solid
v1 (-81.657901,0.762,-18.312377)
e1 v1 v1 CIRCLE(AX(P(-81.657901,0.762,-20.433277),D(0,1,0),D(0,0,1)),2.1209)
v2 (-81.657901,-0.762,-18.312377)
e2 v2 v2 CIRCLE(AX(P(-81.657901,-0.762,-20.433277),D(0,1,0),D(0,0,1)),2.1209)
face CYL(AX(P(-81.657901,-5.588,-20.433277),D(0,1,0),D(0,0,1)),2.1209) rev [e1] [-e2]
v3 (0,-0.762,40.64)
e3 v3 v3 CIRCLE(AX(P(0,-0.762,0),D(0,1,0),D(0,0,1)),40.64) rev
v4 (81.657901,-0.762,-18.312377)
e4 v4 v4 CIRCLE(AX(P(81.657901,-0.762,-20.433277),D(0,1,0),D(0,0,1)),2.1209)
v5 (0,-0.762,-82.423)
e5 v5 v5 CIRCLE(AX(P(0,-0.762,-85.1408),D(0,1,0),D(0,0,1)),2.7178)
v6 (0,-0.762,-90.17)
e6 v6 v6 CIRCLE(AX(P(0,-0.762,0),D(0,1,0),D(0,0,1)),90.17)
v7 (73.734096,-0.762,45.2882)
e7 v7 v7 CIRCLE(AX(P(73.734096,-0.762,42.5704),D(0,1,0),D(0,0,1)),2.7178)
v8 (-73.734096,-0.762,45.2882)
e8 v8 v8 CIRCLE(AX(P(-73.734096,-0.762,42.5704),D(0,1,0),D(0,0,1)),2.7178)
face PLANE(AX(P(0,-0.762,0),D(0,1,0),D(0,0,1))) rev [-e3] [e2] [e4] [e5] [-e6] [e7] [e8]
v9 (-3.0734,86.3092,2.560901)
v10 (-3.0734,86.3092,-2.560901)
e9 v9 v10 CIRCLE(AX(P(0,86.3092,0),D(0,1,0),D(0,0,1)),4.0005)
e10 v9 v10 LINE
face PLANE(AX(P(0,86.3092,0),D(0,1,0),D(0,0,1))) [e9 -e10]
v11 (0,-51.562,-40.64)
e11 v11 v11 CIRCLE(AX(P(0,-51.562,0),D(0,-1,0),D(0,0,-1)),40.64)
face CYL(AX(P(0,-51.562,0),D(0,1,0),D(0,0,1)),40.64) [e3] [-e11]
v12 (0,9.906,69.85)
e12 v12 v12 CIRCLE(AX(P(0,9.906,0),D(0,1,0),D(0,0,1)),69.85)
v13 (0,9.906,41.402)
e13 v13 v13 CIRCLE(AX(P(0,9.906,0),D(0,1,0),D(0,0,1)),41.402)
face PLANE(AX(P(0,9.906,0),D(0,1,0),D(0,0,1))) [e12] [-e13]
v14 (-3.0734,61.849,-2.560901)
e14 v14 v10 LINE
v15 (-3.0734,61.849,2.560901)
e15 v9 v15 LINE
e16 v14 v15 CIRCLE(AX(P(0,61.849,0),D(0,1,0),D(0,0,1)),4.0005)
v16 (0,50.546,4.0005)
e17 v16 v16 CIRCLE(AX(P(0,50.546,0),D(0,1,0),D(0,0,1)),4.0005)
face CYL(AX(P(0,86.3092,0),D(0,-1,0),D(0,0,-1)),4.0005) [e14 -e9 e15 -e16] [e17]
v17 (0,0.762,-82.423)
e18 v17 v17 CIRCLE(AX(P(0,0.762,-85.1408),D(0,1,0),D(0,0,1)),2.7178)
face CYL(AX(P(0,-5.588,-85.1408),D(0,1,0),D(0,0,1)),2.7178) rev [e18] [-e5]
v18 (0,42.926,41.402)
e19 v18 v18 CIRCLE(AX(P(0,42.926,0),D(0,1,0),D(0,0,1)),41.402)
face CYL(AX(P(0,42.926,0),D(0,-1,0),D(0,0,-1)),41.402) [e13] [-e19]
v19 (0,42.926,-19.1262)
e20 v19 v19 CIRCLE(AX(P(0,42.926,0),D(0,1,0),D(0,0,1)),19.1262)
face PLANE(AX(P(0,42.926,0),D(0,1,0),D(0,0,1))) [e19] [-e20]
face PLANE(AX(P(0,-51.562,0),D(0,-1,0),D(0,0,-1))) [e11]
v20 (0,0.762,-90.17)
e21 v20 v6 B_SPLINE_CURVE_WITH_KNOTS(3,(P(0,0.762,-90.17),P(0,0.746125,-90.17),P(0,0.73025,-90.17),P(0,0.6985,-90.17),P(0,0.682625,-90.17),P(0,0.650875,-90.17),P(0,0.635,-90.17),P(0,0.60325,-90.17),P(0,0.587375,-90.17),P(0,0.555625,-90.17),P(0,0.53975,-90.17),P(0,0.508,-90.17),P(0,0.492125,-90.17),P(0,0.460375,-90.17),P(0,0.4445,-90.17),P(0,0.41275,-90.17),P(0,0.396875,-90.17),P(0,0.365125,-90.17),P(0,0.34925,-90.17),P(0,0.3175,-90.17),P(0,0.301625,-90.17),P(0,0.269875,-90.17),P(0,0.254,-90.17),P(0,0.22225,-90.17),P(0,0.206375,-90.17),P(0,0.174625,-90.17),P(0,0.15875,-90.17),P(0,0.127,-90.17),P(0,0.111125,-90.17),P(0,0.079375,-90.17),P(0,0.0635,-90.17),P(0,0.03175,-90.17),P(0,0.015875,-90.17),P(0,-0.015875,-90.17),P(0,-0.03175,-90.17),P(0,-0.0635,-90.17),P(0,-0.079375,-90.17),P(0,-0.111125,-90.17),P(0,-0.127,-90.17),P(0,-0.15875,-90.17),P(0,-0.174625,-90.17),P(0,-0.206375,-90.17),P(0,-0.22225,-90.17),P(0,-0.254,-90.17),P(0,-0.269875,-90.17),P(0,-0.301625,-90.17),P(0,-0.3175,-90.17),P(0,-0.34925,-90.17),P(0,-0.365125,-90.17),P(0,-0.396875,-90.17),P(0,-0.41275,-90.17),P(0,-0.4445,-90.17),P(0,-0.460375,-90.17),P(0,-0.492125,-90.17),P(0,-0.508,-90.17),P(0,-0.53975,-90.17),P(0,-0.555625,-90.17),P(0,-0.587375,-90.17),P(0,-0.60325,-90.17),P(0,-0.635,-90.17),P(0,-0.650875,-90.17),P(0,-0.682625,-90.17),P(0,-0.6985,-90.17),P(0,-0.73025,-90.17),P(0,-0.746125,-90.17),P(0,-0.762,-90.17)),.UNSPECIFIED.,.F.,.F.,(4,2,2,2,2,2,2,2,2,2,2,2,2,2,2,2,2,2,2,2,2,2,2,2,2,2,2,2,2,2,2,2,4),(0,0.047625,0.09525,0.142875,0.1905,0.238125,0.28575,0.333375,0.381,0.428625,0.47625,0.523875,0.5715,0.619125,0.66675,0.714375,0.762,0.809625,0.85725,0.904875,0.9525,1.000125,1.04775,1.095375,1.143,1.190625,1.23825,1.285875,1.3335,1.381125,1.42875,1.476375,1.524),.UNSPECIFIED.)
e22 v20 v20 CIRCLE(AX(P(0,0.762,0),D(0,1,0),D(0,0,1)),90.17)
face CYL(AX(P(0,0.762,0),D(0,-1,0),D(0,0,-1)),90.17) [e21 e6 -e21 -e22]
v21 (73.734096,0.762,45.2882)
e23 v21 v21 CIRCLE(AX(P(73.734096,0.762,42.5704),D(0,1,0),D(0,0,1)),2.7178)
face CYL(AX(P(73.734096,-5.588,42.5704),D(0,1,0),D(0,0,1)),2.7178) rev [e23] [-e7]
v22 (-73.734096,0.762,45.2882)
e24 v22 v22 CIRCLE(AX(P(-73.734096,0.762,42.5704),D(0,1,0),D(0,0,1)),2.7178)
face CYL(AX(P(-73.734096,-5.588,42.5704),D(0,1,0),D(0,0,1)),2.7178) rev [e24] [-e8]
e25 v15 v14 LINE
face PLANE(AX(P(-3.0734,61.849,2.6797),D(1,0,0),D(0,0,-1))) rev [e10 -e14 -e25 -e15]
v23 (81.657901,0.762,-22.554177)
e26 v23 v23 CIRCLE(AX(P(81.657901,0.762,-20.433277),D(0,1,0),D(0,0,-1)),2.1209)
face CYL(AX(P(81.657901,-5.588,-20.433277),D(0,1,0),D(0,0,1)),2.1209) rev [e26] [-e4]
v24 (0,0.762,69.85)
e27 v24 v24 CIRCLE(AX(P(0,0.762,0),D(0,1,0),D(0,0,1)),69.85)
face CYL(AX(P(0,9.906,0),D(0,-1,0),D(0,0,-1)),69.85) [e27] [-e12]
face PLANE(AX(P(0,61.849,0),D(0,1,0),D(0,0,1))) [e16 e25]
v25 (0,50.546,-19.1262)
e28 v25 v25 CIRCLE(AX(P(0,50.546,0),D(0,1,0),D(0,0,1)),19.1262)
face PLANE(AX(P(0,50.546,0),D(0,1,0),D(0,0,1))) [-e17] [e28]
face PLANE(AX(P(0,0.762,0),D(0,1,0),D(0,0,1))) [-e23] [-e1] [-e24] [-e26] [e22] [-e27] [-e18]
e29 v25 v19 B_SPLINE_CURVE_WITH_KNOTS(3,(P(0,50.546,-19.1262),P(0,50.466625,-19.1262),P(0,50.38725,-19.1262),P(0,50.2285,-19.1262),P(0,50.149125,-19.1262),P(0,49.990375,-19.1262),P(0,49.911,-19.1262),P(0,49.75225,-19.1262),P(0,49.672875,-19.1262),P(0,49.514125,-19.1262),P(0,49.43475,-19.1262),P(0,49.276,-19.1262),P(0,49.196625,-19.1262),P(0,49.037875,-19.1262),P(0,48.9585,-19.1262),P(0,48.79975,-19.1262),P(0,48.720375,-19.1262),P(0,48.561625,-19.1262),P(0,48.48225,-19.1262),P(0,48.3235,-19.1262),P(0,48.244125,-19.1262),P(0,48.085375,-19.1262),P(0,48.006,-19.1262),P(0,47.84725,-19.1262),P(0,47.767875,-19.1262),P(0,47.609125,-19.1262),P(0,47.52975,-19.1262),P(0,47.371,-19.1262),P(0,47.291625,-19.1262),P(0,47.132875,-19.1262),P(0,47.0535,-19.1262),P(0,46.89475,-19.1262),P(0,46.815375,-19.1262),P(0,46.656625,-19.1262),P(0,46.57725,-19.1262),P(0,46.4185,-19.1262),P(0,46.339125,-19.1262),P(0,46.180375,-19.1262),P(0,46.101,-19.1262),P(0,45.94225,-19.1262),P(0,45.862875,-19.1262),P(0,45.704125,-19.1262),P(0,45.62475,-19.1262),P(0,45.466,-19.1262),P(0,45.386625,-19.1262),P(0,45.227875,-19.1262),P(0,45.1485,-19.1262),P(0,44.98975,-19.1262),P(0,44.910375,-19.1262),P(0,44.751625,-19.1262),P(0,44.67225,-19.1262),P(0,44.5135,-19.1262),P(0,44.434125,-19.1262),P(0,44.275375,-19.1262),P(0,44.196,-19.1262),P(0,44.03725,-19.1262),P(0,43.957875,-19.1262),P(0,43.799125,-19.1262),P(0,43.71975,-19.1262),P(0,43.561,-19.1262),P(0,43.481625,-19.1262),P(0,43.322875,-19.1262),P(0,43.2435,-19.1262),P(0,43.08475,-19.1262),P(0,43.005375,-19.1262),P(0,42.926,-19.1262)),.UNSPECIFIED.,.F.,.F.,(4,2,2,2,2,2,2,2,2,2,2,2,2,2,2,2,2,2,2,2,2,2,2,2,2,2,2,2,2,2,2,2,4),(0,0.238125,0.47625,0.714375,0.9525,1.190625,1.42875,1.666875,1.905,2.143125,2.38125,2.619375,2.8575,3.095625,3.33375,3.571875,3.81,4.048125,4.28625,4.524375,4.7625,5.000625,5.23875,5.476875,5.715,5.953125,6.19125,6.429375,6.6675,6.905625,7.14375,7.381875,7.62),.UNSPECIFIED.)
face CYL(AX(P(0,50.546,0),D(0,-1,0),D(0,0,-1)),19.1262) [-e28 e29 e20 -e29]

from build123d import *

# Parameters (mm, degrees)
SKETCH1_R           = 90.17
BOSS_EXTRUDE1_DEPTH = 0.762
SKETCH2_R           = 69.85
BOSS_EXTRUDE2_DEPTH = 9.144
SKETCH3_R           = 41.402
BOSS_EXTRUDE3_DEPTH = 33.02
SKETCH4_R           = 19.1262
BOSS_EXTRUDE4_DEPTH = 7.62
SKETCH5_R           = 4.0005
BOSS_EXTRUDE5_DEPTH = 35.7632
CUT_EXTRUDE1_DEPTH  = 24.4602
SKETCH7_R           = 2.7178
CUT_EXTRUDE2_DEPTH  = 6.35
SKETCH8_R           = 2.1209
CUT_EXTRUDE3_DEPTH  = 6.35
SKETCH9_R           = 40.64
BOSS_EXTRUDE6_DEPTH = 50.8


with BuildPart() as part:
    # Sketch1 → Boss-Extrude1 (new, symmetric)
    with BuildSketch(Plane(origin=(0, 0, 0), x_dir=(1, 0, 0), z_dir=(0, 1, 0))):
        with Locations(Location((0, 0, 0), (0, 0, 90))):
            Circle(SKETCH1_R)
    extrude(amount=BOSS_EXTRUDE1_DEPTH, both=True)

    # Sketch2 → Boss-Extrude2 (add)
    with BuildSketch(Plane(origin=(0, 0.762, 0), x_dir=(1, 0, 0), z_dir=(0, 1, 0))):
        with Locations(Location((0, 0, 0), (0, 0, 270))):
            Circle(SKETCH2_R)
    extrude(amount=BOSS_EXTRUDE2_DEPTH)

    # Sketch3 → Boss-Extrude3 (add)
    with BuildSketch(Plane(origin=(0, 9.906, 0), x_dir=(1, 0, 0), z_dir=(0, 1, 0))):
        with Locations(Location((0, 0, 0), (0, 0, 270))):
            Circle(SKETCH3_R)
    extrude(amount=BOSS_EXTRUDE3_DEPTH)

    # Sketch4 → Boss-Extrude4 (add)
    with BuildSketch(Plane(origin=(0, 42.926, 0), x_dir=(1, 0, 0), z_dir=(0, 1, 0))):
        with Locations(Location((0, 0, 0), (0, 0, 90))):
            Circle(SKETCH4_R)
    extrude(amount=BOSS_EXTRUDE4_DEPTH)

    # Sketch5 → Boss-Extrude5 (add)
    with BuildSketch(Plane(origin=(0, 50.546, 0), x_dir=(1, 0, 0), z_dir=(0, 1, 0))):
        with Locations(Location((0, 0, 0), (0, 0, 270))):
            Circle(SKETCH5_R)
    extrude(amount=BOSS_EXTRUDE5_DEPTH)

    # Sketch6 → Cut-Extrude1 (cut)
    with BuildSketch(Plane(origin=(0, 86.3092, 0), x_dir=(1, 0, 0), z_dir=(0, 1, 0))):
        with BuildLine():
            Line((-3.0734, -2.6797), (-3.0734, 2.6797))
            ThreePointArc((-3.0734, 2.6797), (-4.077570312, 0), (-3.0734, -2.6797))
        make_face()
    extrude(amount=-CUT_EXTRUDE1_DEPTH, mode=Mode.SUBTRACT)

    # Sketch7 → Cut-Extrude2 (cut)
    with BuildSketch(Plane(origin=(0, 0.762, 0), x_dir=(1, 0, 0), z_dir=(0, 1, 0))):
        with Locations(Location((0, 85.1408, 0), (0, 0, 270))):
            Circle(SKETCH7_R)
        with Locations(Location((73.734095699, -42.5704, 0), (0, 0, 270))):
            Circle(SKETCH7_R)
        with Locations(Location((-73.734095699, -42.5704, 0), (0, 0, 270))):
            Circle(SKETCH7_R)
    extrude(amount=-CUT_EXTRUDE2_DEPTH, mode=Mode.SUBTRACT)

    # Sketch8 → Cut-Extrude3 (cut)
    with BuildSketch(Plane(origin=(0, 0.762, 0), x_dir=(1, 0, 0), z_dir=(0, 1, 0))):
        with Locations(Location((-81.657901206, 20.433276927, 0), (0, 0, 270))):
            Circle(SKETCH8_R)
        with Locations(Location((81.657901206, 20.433276927, 0), (0, 0, 270))):
            Circle(SKETCH8_R)
    extrude(amount=-CUT_EXTRUDE3_DEPTH, mode=Mode.SUBTRACT)

    # Sketch9 → Boss-Extrude6 (add)
    with BuildSketch(Plane.XZ.offset(0.762)):
        with Locations(Location((0, 0, 0), (0, 0, 90))):
            Circle(SKETCH9_R)
    extrude(amount=BOSS_EXTRUDE6_DEPTH)


solid = part.part
